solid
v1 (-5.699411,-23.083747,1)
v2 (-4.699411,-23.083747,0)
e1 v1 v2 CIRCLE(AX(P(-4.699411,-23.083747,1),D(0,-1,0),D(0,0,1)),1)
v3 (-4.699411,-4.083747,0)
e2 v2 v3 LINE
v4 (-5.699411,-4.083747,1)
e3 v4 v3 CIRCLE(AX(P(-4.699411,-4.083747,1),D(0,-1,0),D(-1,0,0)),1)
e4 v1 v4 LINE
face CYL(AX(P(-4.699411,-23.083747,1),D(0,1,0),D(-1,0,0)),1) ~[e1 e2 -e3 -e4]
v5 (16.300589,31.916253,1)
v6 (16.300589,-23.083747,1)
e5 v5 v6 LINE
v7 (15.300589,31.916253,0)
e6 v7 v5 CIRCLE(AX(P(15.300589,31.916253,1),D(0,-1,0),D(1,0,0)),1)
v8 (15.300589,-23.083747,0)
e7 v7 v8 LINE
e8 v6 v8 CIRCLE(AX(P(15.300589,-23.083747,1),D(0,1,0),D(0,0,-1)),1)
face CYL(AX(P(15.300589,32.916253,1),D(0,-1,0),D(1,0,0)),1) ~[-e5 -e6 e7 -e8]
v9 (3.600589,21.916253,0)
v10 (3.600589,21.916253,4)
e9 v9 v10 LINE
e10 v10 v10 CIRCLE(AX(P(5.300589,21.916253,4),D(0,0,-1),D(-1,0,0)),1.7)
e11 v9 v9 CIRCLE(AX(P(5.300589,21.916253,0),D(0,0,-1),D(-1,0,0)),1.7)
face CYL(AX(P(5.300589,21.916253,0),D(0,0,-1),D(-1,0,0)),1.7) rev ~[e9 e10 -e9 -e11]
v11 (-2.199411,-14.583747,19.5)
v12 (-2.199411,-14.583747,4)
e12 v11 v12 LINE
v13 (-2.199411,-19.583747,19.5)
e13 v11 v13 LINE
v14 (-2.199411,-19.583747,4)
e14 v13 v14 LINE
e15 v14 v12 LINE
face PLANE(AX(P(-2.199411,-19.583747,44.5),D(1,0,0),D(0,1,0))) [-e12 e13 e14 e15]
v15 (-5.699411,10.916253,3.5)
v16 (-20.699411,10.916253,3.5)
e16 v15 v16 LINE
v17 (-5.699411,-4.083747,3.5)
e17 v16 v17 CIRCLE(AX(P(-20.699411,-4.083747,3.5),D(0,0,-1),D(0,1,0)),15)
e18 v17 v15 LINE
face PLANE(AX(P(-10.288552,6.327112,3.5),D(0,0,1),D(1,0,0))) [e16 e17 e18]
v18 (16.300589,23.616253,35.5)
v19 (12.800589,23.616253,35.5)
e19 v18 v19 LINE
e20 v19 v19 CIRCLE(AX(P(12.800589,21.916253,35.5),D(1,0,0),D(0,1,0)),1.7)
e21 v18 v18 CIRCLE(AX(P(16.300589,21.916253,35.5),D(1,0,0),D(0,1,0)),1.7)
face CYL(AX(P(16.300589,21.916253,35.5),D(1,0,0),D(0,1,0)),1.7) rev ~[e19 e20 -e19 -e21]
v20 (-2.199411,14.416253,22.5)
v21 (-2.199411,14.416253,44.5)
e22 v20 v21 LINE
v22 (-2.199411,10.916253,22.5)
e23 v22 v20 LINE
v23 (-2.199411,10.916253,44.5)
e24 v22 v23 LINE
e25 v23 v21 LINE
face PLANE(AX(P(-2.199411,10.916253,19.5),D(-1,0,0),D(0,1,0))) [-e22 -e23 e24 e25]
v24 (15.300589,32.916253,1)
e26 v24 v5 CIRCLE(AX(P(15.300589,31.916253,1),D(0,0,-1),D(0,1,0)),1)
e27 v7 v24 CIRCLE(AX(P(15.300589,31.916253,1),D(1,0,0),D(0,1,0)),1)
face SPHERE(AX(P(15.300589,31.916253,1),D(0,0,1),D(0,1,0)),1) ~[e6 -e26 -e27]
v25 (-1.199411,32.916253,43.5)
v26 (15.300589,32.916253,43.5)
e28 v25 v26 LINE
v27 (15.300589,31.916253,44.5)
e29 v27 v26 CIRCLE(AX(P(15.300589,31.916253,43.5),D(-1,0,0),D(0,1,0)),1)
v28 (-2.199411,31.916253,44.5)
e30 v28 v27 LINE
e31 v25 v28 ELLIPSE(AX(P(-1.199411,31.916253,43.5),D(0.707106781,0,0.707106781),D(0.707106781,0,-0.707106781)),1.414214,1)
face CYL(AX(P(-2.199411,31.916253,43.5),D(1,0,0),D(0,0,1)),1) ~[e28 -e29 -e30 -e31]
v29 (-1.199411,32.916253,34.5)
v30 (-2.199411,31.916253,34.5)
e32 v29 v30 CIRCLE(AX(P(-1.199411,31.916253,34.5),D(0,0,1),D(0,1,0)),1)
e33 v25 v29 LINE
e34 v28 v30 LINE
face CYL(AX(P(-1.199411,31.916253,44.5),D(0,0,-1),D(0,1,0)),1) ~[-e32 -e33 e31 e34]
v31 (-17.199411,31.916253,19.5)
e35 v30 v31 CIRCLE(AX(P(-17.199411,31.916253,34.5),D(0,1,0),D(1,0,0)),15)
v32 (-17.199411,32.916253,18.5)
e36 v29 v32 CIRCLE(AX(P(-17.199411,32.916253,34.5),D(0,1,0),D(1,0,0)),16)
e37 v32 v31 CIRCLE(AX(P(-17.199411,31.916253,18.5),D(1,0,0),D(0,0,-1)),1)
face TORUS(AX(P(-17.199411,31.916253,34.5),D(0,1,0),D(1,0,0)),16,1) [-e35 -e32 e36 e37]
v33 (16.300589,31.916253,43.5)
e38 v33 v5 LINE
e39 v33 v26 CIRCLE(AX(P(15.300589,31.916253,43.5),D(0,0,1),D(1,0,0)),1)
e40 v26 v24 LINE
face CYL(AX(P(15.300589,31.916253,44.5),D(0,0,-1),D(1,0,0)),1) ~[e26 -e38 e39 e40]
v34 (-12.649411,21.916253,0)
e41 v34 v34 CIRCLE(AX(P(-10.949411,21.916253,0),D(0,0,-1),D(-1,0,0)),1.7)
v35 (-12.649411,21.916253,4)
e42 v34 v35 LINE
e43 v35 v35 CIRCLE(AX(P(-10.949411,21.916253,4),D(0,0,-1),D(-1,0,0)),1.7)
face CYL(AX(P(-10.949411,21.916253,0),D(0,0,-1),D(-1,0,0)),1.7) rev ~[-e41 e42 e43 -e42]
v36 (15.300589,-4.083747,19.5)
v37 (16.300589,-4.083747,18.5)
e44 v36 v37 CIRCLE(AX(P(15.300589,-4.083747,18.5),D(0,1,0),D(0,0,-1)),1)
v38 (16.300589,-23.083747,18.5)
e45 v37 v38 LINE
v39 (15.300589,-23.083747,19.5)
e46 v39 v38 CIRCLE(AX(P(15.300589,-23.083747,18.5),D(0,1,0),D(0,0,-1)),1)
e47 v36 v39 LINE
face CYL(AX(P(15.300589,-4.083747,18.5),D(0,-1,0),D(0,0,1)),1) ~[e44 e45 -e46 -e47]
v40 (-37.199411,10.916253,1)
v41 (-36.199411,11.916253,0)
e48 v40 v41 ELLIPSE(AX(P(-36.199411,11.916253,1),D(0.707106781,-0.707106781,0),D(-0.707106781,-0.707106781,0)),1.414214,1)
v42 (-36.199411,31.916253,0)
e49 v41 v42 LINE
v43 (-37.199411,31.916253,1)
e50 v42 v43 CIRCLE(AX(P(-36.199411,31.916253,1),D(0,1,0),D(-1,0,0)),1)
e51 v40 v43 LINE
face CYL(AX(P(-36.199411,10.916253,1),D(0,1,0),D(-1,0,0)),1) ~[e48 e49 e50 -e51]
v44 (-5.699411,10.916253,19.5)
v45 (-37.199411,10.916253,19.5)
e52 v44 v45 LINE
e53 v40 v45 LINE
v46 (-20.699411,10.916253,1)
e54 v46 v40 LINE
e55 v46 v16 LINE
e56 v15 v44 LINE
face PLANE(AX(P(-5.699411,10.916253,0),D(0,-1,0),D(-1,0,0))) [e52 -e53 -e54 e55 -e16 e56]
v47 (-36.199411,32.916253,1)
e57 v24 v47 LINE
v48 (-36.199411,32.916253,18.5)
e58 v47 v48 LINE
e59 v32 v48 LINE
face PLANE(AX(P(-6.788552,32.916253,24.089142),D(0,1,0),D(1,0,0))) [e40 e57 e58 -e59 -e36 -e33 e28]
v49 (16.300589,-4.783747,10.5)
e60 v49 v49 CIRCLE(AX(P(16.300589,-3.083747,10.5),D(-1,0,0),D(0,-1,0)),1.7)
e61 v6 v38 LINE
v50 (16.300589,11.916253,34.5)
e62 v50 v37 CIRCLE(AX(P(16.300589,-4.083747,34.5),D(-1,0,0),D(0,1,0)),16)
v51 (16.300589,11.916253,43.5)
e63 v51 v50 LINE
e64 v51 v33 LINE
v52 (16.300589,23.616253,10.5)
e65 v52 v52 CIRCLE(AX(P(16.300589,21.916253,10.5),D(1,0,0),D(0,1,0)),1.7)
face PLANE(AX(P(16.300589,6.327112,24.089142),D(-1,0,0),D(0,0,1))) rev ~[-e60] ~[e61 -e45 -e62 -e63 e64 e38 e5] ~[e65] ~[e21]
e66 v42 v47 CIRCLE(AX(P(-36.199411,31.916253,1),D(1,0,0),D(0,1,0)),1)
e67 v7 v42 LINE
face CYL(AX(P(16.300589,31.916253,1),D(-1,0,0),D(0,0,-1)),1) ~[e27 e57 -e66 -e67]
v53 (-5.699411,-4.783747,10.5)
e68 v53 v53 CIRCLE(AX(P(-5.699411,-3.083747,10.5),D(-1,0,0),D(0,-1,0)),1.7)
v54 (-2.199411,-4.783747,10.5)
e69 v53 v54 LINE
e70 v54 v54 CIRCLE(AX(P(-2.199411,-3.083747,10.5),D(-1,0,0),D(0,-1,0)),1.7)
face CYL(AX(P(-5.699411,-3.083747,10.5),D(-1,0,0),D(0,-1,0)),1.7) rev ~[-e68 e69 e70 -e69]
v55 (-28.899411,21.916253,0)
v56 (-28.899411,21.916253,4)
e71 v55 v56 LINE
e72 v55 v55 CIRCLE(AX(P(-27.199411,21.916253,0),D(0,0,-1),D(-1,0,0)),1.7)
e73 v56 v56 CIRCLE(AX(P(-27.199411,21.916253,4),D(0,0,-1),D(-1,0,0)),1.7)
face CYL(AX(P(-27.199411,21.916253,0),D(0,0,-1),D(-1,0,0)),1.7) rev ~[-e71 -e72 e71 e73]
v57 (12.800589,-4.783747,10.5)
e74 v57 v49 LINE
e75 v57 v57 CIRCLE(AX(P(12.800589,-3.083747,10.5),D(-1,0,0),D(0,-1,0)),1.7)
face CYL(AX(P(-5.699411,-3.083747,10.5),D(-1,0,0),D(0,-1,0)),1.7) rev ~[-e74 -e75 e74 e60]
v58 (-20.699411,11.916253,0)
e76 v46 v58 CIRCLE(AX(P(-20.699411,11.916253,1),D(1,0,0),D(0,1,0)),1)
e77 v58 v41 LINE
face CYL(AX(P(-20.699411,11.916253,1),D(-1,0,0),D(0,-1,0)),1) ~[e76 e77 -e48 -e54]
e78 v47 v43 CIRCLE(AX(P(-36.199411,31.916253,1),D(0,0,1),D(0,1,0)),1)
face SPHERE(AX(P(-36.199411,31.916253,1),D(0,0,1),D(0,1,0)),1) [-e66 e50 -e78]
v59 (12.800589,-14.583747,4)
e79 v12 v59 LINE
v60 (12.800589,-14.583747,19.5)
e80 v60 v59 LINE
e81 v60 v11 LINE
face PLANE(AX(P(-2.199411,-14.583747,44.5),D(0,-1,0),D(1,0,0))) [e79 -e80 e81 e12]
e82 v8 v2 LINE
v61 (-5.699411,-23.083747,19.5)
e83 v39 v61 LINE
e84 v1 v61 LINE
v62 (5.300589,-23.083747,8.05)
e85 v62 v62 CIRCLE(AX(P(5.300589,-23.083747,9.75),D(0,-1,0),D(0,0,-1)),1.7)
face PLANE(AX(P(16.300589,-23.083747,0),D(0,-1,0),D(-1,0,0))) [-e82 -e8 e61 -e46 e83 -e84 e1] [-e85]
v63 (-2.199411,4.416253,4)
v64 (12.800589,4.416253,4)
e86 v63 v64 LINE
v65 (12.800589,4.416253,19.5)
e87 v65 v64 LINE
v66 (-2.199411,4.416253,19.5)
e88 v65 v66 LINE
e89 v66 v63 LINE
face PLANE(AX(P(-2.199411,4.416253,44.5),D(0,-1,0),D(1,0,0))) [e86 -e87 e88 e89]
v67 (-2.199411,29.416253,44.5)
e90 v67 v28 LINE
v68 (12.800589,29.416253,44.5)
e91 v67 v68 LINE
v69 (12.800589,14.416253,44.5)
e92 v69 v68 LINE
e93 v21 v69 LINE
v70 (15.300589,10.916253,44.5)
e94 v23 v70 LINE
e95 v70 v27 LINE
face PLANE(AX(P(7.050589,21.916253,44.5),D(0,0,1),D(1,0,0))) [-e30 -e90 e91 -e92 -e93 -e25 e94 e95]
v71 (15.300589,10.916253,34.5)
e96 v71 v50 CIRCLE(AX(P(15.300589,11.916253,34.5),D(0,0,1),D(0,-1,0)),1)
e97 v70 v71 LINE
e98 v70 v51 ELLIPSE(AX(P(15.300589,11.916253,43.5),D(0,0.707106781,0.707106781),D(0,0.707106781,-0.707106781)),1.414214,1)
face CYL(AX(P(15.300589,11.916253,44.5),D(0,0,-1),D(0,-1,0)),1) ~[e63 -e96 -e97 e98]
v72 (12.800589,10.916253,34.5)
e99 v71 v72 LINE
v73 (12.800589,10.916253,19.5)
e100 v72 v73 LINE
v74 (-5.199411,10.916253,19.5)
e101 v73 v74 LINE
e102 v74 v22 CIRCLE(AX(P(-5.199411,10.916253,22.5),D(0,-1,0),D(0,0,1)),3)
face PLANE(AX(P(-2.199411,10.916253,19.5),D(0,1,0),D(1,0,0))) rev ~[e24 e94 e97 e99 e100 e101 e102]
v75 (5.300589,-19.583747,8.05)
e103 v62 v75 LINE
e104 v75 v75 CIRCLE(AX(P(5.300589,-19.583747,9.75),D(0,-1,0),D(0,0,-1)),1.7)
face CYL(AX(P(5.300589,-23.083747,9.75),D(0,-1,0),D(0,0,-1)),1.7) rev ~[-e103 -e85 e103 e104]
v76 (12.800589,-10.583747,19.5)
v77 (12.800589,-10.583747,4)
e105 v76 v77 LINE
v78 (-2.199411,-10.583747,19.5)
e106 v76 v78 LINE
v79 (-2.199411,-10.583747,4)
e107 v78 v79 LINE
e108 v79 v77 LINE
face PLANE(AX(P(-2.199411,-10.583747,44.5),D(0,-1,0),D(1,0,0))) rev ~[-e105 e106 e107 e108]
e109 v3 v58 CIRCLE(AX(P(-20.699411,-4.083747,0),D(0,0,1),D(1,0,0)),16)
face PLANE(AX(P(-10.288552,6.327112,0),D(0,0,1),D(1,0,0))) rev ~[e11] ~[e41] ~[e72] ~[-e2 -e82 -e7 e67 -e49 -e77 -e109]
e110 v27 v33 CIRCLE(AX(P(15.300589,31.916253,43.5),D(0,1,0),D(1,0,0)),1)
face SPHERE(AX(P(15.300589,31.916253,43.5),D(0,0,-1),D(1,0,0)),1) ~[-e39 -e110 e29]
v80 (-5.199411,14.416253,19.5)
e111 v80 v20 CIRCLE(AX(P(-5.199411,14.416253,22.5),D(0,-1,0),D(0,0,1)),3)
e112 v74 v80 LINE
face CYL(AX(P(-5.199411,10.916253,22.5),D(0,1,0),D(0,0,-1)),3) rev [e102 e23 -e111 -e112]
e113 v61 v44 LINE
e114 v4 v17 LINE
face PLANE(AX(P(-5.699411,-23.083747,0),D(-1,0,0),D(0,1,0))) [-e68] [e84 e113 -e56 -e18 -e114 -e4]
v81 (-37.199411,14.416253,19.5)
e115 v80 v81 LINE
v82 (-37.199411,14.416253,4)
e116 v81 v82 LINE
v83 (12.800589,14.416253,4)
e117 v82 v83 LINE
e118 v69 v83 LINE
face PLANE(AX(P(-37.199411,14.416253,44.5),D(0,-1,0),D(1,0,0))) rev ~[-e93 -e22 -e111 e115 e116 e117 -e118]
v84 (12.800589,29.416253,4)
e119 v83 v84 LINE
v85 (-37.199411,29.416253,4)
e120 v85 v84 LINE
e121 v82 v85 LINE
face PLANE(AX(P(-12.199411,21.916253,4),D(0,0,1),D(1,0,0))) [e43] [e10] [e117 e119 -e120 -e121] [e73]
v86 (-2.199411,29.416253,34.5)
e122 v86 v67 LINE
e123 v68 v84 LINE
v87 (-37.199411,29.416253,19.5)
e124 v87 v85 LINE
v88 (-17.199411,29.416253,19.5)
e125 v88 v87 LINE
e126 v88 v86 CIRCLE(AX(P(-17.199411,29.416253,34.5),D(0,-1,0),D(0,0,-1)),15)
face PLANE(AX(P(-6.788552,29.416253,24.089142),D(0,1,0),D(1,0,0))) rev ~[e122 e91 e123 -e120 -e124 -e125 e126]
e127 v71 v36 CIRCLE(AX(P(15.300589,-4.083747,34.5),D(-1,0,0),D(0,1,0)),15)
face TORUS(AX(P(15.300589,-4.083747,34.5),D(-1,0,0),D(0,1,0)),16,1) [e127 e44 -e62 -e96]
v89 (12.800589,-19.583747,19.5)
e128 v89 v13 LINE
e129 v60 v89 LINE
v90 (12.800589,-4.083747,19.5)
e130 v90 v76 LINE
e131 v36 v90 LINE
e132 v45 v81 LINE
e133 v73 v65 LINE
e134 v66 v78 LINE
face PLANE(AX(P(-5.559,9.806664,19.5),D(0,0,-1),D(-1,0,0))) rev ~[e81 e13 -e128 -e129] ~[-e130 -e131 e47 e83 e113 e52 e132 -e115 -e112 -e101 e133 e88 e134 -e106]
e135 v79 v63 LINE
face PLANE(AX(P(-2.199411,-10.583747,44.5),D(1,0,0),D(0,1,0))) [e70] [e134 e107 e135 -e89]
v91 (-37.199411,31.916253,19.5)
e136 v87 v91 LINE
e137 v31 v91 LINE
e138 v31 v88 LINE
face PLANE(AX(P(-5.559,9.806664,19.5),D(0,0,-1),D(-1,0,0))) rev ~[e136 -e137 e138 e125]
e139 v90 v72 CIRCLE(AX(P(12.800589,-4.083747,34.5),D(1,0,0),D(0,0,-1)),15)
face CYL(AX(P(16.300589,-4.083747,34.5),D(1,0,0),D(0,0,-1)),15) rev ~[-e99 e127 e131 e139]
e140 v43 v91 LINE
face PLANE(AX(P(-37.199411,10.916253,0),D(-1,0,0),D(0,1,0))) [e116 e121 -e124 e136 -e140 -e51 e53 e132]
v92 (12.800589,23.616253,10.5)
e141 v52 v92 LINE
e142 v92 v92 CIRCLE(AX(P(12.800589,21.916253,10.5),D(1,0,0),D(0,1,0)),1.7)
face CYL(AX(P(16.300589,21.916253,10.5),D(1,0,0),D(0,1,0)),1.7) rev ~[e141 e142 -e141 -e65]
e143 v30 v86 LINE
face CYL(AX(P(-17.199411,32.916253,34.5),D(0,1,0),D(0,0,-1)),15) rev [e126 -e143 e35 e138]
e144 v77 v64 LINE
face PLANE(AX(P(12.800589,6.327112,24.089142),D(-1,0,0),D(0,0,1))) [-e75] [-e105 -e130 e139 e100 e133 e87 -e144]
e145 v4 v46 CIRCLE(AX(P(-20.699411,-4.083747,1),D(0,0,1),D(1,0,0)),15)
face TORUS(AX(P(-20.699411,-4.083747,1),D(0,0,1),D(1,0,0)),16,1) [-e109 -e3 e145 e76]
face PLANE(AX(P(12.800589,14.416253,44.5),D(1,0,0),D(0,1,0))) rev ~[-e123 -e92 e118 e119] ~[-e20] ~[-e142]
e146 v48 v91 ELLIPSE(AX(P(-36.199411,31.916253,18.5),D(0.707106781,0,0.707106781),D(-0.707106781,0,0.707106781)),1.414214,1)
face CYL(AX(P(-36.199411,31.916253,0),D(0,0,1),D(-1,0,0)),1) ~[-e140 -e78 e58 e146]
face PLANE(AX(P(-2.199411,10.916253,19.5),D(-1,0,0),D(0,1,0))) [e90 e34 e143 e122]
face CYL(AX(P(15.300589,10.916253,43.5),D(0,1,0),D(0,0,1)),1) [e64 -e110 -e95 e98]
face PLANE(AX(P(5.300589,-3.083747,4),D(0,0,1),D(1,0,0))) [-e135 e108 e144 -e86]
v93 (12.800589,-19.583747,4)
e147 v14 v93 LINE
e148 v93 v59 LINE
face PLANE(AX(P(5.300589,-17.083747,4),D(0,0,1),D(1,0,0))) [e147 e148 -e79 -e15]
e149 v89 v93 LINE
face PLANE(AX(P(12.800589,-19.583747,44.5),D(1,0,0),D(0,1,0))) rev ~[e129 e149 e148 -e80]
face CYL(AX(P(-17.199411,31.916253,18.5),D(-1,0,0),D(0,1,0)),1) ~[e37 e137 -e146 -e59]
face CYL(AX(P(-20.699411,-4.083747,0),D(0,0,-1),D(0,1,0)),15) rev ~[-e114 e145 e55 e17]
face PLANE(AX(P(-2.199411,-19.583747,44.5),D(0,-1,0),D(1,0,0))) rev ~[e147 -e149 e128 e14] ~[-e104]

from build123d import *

# Parameters (mm, degrees)
BOSS_EXTRUDE1_DEPTH = 19.5
SKETCH3_W           = 18.5
SKETCH3_H           = 22
BOSS_EXTRUDE2_DEPTH = 25
SKETCH5_W           = 50
SKETCH5_H           = 15
SKETCH5_W_2         = 15
SKETCH5_H_2         = 5
CUT_EXTRUDE1_DEPTH  = 40.5
BOSS_EXTRUDE4_DEPTH = 3.5
BOSS_EXTRUDE5_DEPTH = 3.5
BOSS_EXTRUDE6_DEPTH = 3.5
FILLET3_R           = 3
SKETCH12_R          = 1.7
CUT_EXTRUDE4_DEPTH  = 5
SKETCH13_R          = 1.7
CUT_EXTRUDE5_DEPTH  = 45
SKETCH14_R          = 1.7
CUT_EXTRUDE6_DEPTH  = 45
SKETCH15_R          = 1.7
CUT_EXTRUDE7_DEPTH  = 4
FILLET4_R           = 1


with BuildPart() as part:
    # Sketch1 → Boss-Extrude1 (new body)
    with BuildSketch(Plane.XY):
        Polygon((-5.699410772, 32.916253451), (16.300589228, 32.916253451), (16.300589228, -23.083746549), (-5.699410772, -23.083746549), (-5.699410772, 10.916253451), (-37.199410772, 10.916253451), (-37.199410772, 32.916253451), align=None)
    extrude(amount=BOSS_EXTRUDE1_DEPTH)

    # Sketch3 → Boss-Extrude2 (add)
    with BuildSketch(Plane.XY.offset(19.5)):
        with Locations((7.050589228, 21.916253451)):
            Rectangle(SKETCH3_W, SKETCH3_H)
    extrude(amount=BOSS_EXTRUDE2_DEPTH)

    # Sketch5 → Cut-Extrude1 (cut)
    with BuildSketch(Plane.XY.offset(44.5)):
        with Locations((-12.199410772, 21.916253451)):
            Rectangle(SKETCH5_W, SKETCH5_H)
        with Locations((5.300589228, -3.083746549)):
            Rectangle(SKETCH5_W_2, SKETCH5_H)
        with Locations((5.300589228, -17.083746549)):
            Rectangle(SKETCH5_W_2, SKETCH5_H_2)
    extrude(amount=-CUT_EXTRUDE1_DEPTH, mode=Mode.SUBTRACT)

    # Sketch7 → Boss-Extrude4 (add)
    with BuildSketch(Plane(origin=(16.300589228, 0, 0), x_dir=(0, 0, -1), z_dir=(1, 0, 0))):
        with BuildLine():
            Line((-34.5, 10.916253451), (-19.5, 10.916253451))
            Line((-19.5, 10.916253451), (-19.5, -4.083746549))
            ThreePointArc((-19.5, -4.083746549), (-23.893398282, 6.522855169), (-34.5, 10.916253451))
        make_face()
    extrude(amount=-BOSS_EXTRUDE4_DEPTH)

    # Sketch8 → Boss-Extrude5 (add)
    with BuildSketch(Plane(origin=(0, 0, 0), x_dir=(-1, 0, 0), z_dir=(0, 0, -1))):
        with BuildLine():
            Line((5.699410772, 10.916253451), (20.699410772, 10.916253451))
            ThreePointArc((20.699410772, 10.916253451), (10.092809055, 6.522855169), (5.699410772, -4.083746549))
            Line((5.699410772, -4.083746549), (5.699410772, 10.916253451))
        make_face()
    extrude(amount=-BOSS_EXTRUDE5_DEPTH)

    # Sketch9 → Boss-Extrude6 (add)
    with BuildSketch(Plane(origin=(0, 32.916253451, 0), x_dir=(1, 0, 0), z_dir=(0, 1, 0))):
        with BuildLine():
            Line((-2.199410772, -34.5), (-2.199410772, -19.5))
            Line((-2.199410772, -19.5), (-17.199410772, -19.5))
            ThreePointArc((-17.199410772, -19.5), (-6.592809055, -23.893398282), (-2.199410772, -34.5))
        make_face()
    extrude(amount=-BOSS_EXTRUDE6_DEPTH)

    # Fillet3
    fillet3_edges = [part.edges().sort_by_distance(p)[0] for p in [
        (-2.199410772, 12.666253451, 19.5),
    ]]
    fillet(fillet3_edges, radius=FILLET3_R)

    # Sketch12 → Cut-Extrude4 (cut)
    with BuildSketch(Plane(origin=(0, 0, 0), x_dir=(-1, 0, 0), z_dir=(0, 0, -1))):
        with Locations((-5.300589228, 21.916253451)):
            Circle(SKETCH12_R)
        with Locations((10.949410772, 21.916253451)):
            Circle(SKETCH12_R)
        with Locations((27.199410772, 21.916253451)):
            Circle(SKETCH12_R)
    extrude(amount=-CUT_EXTRUDE4_DEPTH, mode=Mode.SUBTRACT)

    # Sketch13 → Cut-Extrude5 (cut)
    with BuildSketch(Plane.ZY.offset(5.699410772)):
        with Locations(Location((10.5, -3.083746549, 0), (0, 0, 270))):
            Circle(SKETCH13_R)
    extrude(amount=-CUT_EXTRUDE5_DEPTH, mode=Mode.SUBTRACT)

    # Sketch14 → Cut-Extrude6 (cut)
    with BuildSketch(Plane(origin=(16.300589228, 0, 0), x_dir=(0, 0, -1), z_dir=(1, 0, 0))):
        with Locations(Location((-10.5, 21.916253451, 0), (0, 0, 90))):
            Circle(SKETCH14_R)
        with Locations(Location((-35.5, 21.916253451, 0), (0, 0, 90))):
            Circle(SKETCH14_R)
    extrude(amount=-CUT_EXTRUDE6_DEPTH, mode=Mode.SUBTRACT)

    # Sketch15 → Cut-Extrude7 (cut)
    with BuildSketch(Plane.XZ.offset(23.083746549)):
        with Locations(Location((5.300589228, 9.75, 0), (0, 0, 270))):
            Circle(SKETCH15_R)
    extrude(amount=-CUT_EXTRUDE7_DEPTH, mode=Mode.SUBTRACT)

    # Fillet4
    fillet4_edges = [part.edges().sort_by_distance(p)[0] for p in [
        (-5.699410772, -13.583746549, 0),
        (-10.092809055, 6.522855169, 0),
        (-27.199410772, 32.916253451, 19.5),
        (-6.592809055, 32.916253451, 23.893398282),
        (16.300589228, 32.916253451, 22.25),
        (-37.199410772, 32.916253451, 9.75),
        (16.300589228, -13.583746549, 19.5),
        (16.300589228, 10.916253451, 39.5),
        (-2.199410772, 32.916253451, 39.5),
        (16.300589228, 21.916253451, 44.5),
        (7.050589228, 32.916253451, 44.5),
        (-10.449410772, 32.916253451, 0),
        (16.300589228, 4.916253451, 0),
        (-28.949410772, 10.916253451, 0),
        (-37.199410772, 21.916253451, 0),
        (16.300589228, 6.522855169, 23.893398282),
    ]]
    fillet(fillet4_edges, radius=FILLET4_R)


solid = part.part
